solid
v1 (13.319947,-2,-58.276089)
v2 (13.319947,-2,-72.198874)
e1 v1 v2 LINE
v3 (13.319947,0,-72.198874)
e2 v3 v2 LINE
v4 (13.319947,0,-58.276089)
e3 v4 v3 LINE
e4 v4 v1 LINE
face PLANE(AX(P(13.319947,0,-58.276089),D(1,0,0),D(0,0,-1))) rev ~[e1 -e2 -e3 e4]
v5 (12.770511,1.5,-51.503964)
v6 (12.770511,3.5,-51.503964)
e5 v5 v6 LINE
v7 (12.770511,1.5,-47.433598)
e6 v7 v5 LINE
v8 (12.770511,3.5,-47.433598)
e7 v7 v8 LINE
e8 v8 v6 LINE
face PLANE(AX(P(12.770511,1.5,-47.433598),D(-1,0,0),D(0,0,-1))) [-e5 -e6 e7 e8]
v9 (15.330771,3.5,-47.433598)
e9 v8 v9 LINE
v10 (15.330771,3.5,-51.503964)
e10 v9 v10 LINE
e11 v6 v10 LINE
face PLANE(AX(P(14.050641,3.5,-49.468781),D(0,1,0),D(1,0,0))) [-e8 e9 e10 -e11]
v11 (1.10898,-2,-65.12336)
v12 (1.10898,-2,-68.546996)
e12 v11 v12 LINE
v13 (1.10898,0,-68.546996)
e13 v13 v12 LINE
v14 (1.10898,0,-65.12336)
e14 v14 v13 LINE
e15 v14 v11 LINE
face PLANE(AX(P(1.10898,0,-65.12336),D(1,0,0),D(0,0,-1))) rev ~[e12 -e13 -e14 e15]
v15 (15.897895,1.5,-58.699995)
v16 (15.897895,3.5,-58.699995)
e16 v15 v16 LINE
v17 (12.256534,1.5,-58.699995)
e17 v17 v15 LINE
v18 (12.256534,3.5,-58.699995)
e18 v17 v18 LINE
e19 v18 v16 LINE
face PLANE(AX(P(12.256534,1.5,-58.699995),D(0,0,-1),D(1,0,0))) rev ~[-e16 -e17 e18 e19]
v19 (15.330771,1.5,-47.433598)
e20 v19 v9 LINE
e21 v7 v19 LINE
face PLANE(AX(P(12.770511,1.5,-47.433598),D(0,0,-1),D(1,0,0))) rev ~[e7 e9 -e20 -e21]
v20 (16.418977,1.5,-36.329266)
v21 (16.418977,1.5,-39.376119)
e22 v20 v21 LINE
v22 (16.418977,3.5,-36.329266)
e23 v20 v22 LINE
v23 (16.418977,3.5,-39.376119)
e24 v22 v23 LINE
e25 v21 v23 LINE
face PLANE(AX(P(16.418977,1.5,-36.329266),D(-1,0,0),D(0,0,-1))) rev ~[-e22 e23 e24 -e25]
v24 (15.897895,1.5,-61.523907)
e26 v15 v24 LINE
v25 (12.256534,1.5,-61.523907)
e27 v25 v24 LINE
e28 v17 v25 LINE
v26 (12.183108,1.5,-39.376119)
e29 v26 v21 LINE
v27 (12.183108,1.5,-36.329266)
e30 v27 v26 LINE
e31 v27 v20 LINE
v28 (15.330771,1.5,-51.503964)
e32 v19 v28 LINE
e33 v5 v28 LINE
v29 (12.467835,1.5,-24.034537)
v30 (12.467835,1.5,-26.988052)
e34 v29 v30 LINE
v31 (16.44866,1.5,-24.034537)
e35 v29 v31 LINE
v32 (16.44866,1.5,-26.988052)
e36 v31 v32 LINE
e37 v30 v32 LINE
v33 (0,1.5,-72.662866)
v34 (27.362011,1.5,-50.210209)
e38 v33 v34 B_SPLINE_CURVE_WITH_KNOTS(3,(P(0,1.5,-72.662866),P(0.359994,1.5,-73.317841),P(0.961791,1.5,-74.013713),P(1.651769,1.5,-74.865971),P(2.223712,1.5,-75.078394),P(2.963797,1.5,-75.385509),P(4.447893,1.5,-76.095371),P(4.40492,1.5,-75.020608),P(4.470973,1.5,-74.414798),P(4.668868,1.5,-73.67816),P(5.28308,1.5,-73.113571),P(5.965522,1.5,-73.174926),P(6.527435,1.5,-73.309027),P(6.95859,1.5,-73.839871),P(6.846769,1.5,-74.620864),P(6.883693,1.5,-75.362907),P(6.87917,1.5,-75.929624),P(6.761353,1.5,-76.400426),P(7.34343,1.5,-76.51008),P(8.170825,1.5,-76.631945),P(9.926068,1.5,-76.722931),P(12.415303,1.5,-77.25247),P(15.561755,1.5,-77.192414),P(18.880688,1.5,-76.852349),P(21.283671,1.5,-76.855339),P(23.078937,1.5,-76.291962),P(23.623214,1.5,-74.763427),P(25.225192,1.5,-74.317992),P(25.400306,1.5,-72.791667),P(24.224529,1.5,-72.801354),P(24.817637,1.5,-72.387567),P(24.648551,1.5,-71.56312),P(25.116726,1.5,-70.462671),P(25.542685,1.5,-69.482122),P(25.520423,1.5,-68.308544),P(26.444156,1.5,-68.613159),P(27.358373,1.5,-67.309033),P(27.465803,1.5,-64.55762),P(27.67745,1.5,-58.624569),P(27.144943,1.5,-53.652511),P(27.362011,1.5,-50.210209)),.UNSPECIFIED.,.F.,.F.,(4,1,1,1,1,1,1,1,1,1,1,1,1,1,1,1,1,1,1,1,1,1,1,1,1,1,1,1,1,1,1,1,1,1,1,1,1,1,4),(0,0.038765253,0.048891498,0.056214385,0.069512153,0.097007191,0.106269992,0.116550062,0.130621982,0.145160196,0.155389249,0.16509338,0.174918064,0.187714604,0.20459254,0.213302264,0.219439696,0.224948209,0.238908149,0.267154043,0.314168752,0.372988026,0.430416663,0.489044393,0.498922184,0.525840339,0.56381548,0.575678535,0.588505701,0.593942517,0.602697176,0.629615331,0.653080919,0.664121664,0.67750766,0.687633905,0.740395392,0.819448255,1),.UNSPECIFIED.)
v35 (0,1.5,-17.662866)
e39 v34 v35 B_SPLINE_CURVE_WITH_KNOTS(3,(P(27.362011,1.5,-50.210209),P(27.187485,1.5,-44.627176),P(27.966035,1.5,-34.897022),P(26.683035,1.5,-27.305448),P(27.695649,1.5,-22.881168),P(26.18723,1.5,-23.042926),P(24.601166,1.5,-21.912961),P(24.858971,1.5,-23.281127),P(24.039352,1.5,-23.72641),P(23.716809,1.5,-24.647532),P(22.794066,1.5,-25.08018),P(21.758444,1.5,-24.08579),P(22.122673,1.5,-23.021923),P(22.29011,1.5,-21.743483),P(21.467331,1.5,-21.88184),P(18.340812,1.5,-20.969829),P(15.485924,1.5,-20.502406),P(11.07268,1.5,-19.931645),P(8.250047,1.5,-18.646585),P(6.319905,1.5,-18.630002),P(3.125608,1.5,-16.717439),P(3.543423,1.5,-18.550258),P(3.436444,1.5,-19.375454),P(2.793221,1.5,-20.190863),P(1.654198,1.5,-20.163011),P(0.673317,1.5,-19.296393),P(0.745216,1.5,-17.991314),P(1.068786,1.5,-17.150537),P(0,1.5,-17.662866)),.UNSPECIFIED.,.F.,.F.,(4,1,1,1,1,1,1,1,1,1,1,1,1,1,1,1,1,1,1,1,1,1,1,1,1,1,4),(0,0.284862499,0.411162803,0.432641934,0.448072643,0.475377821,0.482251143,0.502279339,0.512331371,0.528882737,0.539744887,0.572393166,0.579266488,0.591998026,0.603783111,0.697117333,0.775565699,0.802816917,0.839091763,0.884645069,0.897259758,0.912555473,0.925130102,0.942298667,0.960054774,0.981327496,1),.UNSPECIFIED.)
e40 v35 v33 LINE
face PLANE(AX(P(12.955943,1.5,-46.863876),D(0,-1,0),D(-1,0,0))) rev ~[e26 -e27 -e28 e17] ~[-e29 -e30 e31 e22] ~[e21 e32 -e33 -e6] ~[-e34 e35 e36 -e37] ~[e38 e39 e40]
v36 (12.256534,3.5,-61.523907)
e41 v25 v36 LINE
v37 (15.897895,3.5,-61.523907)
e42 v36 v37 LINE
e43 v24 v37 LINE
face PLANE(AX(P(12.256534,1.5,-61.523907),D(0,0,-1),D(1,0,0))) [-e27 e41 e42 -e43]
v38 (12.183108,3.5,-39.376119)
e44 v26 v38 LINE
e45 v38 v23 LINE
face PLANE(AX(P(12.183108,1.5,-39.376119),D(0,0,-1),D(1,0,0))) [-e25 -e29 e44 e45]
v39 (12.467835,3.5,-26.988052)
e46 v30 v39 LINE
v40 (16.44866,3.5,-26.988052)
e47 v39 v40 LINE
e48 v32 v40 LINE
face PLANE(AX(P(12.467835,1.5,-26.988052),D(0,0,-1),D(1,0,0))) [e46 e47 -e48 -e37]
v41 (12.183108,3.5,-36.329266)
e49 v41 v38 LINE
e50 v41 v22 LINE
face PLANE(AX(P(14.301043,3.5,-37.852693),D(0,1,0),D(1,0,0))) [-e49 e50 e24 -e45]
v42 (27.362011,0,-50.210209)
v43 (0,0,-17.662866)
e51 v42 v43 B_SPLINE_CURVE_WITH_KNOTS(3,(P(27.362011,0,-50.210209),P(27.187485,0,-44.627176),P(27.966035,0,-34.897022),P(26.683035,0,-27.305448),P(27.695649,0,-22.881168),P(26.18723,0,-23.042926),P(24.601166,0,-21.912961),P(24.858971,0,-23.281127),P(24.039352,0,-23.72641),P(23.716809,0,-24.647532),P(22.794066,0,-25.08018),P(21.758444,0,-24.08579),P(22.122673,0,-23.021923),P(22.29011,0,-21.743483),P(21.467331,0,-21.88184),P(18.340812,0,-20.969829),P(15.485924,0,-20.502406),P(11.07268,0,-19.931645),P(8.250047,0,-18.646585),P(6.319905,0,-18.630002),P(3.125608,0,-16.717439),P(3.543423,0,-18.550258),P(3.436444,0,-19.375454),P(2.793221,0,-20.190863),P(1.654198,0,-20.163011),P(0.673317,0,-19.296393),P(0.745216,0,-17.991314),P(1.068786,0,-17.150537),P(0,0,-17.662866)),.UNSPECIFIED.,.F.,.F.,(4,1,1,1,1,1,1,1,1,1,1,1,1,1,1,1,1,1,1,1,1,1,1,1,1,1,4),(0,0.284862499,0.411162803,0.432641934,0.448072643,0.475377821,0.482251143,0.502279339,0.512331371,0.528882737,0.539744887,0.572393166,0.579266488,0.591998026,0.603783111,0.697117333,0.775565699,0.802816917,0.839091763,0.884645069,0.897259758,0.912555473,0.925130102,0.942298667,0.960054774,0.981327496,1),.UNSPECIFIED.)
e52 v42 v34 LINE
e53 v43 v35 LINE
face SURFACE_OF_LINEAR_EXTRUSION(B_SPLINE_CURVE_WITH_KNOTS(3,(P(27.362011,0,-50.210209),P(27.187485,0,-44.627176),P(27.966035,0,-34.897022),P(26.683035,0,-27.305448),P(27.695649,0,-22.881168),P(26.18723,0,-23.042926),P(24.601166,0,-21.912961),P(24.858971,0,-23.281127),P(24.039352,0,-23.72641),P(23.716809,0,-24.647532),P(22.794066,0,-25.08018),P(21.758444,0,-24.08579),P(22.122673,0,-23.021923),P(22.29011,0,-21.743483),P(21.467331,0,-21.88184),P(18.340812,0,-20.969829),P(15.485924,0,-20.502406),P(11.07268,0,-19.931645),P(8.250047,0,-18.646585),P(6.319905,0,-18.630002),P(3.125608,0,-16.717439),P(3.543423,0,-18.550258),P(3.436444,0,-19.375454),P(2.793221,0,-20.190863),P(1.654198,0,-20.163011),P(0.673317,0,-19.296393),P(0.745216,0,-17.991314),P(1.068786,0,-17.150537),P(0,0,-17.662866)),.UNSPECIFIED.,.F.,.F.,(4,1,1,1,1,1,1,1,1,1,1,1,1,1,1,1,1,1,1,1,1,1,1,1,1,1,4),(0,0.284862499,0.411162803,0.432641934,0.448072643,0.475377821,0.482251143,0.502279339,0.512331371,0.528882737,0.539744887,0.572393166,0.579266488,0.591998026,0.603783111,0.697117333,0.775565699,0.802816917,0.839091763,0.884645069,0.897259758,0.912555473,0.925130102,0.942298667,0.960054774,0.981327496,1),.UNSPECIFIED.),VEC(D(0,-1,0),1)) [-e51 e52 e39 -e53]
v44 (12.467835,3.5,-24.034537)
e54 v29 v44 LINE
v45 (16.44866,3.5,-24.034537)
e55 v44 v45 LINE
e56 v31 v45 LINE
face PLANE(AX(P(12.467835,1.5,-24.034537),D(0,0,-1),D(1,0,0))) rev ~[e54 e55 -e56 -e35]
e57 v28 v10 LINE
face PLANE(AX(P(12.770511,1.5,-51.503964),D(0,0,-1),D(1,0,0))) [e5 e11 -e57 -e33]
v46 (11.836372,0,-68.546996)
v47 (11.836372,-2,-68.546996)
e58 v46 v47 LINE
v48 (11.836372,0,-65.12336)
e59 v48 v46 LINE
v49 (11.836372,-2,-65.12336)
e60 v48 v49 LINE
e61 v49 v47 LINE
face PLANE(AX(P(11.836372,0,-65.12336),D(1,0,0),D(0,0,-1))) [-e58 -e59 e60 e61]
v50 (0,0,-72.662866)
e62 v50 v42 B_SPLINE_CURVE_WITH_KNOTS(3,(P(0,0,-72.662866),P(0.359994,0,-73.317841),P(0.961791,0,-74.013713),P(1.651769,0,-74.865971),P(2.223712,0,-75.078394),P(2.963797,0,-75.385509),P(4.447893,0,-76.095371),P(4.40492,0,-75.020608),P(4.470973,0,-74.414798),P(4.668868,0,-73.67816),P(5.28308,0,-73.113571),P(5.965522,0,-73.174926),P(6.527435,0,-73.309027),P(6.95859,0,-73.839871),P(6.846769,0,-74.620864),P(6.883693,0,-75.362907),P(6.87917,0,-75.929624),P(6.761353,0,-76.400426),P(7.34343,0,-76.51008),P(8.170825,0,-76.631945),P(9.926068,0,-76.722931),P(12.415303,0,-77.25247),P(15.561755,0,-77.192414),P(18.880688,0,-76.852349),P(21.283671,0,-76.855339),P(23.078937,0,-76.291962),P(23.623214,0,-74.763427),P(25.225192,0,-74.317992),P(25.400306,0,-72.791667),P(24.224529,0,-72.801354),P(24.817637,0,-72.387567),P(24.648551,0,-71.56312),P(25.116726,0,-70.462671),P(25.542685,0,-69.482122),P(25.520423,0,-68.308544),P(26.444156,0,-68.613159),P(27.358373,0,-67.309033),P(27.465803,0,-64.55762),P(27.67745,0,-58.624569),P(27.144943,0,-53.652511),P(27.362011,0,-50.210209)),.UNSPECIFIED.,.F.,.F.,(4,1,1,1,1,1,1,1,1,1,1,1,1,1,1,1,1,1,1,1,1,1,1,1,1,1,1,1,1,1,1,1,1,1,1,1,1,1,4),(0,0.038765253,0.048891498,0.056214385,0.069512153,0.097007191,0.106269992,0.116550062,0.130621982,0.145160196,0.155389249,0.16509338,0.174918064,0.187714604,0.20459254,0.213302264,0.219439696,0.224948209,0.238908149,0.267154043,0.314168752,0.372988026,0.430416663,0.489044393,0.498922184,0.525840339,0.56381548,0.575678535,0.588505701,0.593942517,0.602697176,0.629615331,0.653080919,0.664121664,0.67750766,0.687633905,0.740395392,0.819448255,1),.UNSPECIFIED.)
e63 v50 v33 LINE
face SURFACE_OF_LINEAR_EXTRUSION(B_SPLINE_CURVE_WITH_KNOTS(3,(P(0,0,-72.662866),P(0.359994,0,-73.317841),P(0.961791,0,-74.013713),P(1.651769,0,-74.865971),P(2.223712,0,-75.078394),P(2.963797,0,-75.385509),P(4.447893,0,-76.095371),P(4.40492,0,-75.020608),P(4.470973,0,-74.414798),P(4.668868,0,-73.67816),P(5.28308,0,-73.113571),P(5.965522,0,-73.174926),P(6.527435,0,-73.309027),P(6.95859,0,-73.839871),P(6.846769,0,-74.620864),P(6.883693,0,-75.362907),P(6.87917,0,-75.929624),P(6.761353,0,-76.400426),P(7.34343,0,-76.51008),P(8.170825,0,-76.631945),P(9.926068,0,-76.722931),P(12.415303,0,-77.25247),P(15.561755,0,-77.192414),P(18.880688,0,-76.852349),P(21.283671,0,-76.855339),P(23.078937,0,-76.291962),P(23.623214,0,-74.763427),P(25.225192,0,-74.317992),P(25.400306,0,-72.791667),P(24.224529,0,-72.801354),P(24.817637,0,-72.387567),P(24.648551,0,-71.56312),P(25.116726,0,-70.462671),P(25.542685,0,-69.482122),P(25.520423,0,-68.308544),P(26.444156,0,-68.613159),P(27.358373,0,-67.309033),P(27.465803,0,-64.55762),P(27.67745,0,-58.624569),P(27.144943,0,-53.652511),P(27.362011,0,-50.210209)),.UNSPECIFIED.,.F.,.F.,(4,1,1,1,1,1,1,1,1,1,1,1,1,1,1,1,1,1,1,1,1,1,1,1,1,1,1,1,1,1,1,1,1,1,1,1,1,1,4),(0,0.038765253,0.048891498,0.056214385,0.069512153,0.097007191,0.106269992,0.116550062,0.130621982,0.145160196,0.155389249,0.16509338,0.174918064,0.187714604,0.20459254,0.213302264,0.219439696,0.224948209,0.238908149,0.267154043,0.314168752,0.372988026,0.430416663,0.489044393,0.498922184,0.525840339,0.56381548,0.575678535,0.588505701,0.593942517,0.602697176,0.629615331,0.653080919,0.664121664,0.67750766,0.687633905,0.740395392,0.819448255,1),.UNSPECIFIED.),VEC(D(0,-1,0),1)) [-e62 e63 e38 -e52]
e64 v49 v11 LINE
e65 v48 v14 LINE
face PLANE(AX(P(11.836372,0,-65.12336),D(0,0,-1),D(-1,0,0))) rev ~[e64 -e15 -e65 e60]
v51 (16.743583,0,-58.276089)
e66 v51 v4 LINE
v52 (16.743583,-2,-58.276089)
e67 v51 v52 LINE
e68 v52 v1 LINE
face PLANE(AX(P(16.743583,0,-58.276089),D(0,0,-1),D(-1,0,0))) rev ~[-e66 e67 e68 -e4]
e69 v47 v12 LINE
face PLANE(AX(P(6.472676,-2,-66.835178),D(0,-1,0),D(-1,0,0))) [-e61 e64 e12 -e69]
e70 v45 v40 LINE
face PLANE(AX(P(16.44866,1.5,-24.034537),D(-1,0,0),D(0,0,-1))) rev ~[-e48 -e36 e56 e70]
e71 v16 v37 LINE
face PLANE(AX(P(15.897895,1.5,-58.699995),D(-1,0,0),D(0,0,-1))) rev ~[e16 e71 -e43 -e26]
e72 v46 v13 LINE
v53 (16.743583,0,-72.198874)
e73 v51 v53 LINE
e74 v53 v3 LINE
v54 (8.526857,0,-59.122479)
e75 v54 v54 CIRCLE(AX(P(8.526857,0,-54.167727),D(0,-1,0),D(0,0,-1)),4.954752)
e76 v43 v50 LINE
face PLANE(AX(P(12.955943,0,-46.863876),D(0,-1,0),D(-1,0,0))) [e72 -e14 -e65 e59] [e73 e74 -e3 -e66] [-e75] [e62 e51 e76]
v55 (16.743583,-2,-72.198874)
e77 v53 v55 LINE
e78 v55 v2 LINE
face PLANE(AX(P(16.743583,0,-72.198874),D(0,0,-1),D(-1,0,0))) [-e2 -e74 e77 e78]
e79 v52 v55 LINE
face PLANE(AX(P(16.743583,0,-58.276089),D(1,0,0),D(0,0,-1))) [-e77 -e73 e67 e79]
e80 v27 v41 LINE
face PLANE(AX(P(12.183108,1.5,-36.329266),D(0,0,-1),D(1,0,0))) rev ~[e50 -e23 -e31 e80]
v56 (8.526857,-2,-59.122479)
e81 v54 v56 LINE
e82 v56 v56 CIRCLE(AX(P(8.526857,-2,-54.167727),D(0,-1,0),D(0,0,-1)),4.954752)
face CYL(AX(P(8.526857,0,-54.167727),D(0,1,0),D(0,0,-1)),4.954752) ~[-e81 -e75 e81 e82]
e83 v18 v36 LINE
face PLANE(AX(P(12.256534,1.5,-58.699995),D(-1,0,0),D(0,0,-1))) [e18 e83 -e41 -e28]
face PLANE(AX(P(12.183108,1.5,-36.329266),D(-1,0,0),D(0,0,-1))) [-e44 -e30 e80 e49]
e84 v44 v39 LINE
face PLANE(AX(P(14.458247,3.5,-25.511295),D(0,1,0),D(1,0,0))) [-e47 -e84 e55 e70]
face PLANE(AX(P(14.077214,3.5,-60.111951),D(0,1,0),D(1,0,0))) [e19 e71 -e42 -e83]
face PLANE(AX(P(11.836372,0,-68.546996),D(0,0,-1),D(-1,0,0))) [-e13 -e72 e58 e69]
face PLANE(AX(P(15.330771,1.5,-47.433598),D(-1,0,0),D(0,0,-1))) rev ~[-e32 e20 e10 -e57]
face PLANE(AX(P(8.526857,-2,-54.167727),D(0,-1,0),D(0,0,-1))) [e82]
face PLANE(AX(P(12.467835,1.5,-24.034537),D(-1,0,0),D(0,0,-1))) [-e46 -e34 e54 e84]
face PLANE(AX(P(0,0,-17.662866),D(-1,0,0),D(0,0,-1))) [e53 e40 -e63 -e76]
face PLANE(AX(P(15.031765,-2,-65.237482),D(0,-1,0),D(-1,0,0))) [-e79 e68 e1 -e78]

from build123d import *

# Parameters (mm, degrees)
EXTRUDE_1_DEPTH = 1.5
SKETCH_2_W      = 3.641360828
SKETCH_2_H      = 2.823912479
SKETCH_2_W_2    = 2.560260108
SKETCH_2_H_2    = 4.070365954
SKETCH_2_W_3    = 4.235868718
SKETCH_2_H_3    = 3.046852937
SKETCH_2_W_4    = 3.980824833
SKETCH_2_H_4    = 2.953515199
EXTRUDE_2_DEPTH = 2
SKETCH_3_R      = 4.954752346
SKETCH_3_W      = 10.727391442
SKETCH_3_H      = 3.423635567
SKETCH_3_W_2    = 3.423635567
SKETCH_3_H_2    = 13.922784638
EXTRUDE_3_DEPTH = 2


with BuildPart() as part:
    # 草图1 → 凸台-拉伸1 (new body)
    with BuildSketch(Plane(origin=(0, 0, 0), x_dir=(1, 0, 0), z_dir=(0, 1, 0))):
        with BuildLine():
            Line((0, 17.662865505), (0, 72.662865505))
            add(Edge.make_bspline(
                [(0, 72.662865505), (0.359994338, 73.317840741), (0.961790835, 74.013712658), (1.651769448, 74.865970817), (2.2237125, 75.078394076), (2.963796752, 75.385508549), (4.447892556, 76.095370782), (4.404920424, 75.020607647), (4.470972621, 74.414798052), (4.668868176, 73.678159547), (5.28307957, 73.113571144), (5.965522322, 73.174926274), (6.52743516, 73.30902678), (6.958590181, 73.839871323), (6.846769074, 74.620864446), (6.88369291, 75.362906626), (6.879169739, 75.929624199), (6.761352631, 76.400426411), (7.34342991, 76.510080151), (8.170824777, 76.631944856), (9.926067545, 76.722931376), (12.415303356, 77.252469909), (15.561754789, 77.192413629), (18.880688136, 76.852349303), (21.283671306, 76.855338978), (23.078936939, 76.29196178), (23.623214072, 74.763426633), (25.225191797, 74.31799166), (25.400306471, 72.79166722), (24.224528566, 72.801354171), (24.81763691, 72.387567236), (24.648550622, 71.563119879), (25.116725802, 70.462671395), (25.542685225, 69.482122183), (25.520423138, 68.308543736), (26.44415621, 68.613158726), (27.358373207, 67.30903347), (27.465803045, 64.557619954), (27.677449576, 58.62456891), (27.144942804, 53.652510599), (27.362010621, 50.210209417)],
                knots=[0, 0, 0, 0, 0.038765253, 0.048891498, 0.056214385, 0.069512153, 0.097007191, 0.106269992, 0.116550062, 0.130621982, 0.145160196, 0.155389249, 0.16509338, 0.174918064, 0.187714604, 0.20459254, 0.213302264, 0.219439696, 0.224948209, 0.238908149, 0.267154043, 0.314168752, 0.372988026, 0.430416663, 0.489044393, 0.498922184, 0.525840339, 0.56381548, 0.575678535, 0.588505701, 0.593942517, 0.602697176, 0.629615331, 0.653080919, 0.664121664, 0.67750766, 0.687633905, 0.740395392, 0.819448255, 1, 1, 1, 1], degree=3))
            add(Edge.make_bspline(
                [(27.362010621, 50.210209417), (27.187485216, 44.627176414), (27.966035151, 34.897021733), (26.683035445, 27.305447808), (27.695649126, 22.881168036), (26.187229842, 23.042925819), (24.601165607, 21.912960837), (24.85897088, 23.281126598), (24.039352108, 23.726410022), (23.716808759, 24.6475316), (22.794066332, 25.080179717), (21.758444387, 24.085790322), (22.122672509, 23.021923082), (22.290109674, 21.743482837), (21.467331231, 21.881840034), (18.340812215, 20.969829219), (15.485923515, 20.50240584), (11.07268025, 19.931645067), (8.250046685, 18.646585046), (6.319905319, 18.630002489), (3.125608368, 16.717439113), (3.54342278, 18.550258459), (3.436444353, 19.375453599), (2.793221384, 20.19086256), (1.654198332, 20.163010596), (0.67331743, 19.296393441), (0.745216148, 17.991314038), (1.068786026, 17.150537029), (0, 17.662865505)],
                knots=[0, 0, 0, 0, 0.284862499, 0.411162803, 0.432641934, 0.448072643, 0.475377821, 0.482251143, 0.502279339, 0.512331371, 0.528882737, 0.539744887, 0.572393166, 0.579266488, 0.591998026, 0.603783111, 0.697117333, 0.775565699, 0.802816917, 0.839091763, 0.884645069, 0.897259758, 0.912555473, 0.925130102, 0.942298667, 0.960054774, 0.981327496, 1, 1, 1, 1], degree=3))
        make_face()
    extrude(amount=EXTRUDE_1_DEPTH)

    # 草图2 → 凸台-拉伸2 (add)
    with BuildSketch(Plane(origin=(0, 1.5, 0), x_dir=(1, 0, 0), z_dir=(0, 1, 0))):
        with Locations((14.077214113, 60.111951137)):
            Rectangle(SKETCH_2_W, SKETCH_2_H)
        with Locations((14.05064076, 49.468781143)):
            Rectangle(SKETCH_2_W_2, SKETCH_2_H_2)
        with Locations((14.301042771, 37.852692672)):
            Rectangle(SKETCH_2_W_3, SKETCH_2_H_3)
        with Locations((14.45824736, 25.51129467)):
            Rectangle(SKETCH_2_W_4, SKETCH_2_H_4)
    extrude(amount=EXTRUDE_2_DEPTH)

    # 草图3 → 凸台-拉伸3 (add)
    with BuildSketch(Plane(origin=(0, 0, 0), x_dir=(-1, 0, 0), z_dir=(0, -1, 0))):
        with Locations(Location((-8.526857342, 54.167726659, 0), (0, 0, 90))):
            Circle(SKETCH_3_R)
        with Locations((-6.472676002, 66.835178256)):
            Rectangle(SKETCH_3_W, SKETCH_3_H)
        with Locations((-15.031764919, 65.237481658)):
            Rectangle(SKETCH_3_W_2, SKETCH_3_H_2)
    extrude(amount=EXTRUDE_3_DEPTH)


solid = part.part
